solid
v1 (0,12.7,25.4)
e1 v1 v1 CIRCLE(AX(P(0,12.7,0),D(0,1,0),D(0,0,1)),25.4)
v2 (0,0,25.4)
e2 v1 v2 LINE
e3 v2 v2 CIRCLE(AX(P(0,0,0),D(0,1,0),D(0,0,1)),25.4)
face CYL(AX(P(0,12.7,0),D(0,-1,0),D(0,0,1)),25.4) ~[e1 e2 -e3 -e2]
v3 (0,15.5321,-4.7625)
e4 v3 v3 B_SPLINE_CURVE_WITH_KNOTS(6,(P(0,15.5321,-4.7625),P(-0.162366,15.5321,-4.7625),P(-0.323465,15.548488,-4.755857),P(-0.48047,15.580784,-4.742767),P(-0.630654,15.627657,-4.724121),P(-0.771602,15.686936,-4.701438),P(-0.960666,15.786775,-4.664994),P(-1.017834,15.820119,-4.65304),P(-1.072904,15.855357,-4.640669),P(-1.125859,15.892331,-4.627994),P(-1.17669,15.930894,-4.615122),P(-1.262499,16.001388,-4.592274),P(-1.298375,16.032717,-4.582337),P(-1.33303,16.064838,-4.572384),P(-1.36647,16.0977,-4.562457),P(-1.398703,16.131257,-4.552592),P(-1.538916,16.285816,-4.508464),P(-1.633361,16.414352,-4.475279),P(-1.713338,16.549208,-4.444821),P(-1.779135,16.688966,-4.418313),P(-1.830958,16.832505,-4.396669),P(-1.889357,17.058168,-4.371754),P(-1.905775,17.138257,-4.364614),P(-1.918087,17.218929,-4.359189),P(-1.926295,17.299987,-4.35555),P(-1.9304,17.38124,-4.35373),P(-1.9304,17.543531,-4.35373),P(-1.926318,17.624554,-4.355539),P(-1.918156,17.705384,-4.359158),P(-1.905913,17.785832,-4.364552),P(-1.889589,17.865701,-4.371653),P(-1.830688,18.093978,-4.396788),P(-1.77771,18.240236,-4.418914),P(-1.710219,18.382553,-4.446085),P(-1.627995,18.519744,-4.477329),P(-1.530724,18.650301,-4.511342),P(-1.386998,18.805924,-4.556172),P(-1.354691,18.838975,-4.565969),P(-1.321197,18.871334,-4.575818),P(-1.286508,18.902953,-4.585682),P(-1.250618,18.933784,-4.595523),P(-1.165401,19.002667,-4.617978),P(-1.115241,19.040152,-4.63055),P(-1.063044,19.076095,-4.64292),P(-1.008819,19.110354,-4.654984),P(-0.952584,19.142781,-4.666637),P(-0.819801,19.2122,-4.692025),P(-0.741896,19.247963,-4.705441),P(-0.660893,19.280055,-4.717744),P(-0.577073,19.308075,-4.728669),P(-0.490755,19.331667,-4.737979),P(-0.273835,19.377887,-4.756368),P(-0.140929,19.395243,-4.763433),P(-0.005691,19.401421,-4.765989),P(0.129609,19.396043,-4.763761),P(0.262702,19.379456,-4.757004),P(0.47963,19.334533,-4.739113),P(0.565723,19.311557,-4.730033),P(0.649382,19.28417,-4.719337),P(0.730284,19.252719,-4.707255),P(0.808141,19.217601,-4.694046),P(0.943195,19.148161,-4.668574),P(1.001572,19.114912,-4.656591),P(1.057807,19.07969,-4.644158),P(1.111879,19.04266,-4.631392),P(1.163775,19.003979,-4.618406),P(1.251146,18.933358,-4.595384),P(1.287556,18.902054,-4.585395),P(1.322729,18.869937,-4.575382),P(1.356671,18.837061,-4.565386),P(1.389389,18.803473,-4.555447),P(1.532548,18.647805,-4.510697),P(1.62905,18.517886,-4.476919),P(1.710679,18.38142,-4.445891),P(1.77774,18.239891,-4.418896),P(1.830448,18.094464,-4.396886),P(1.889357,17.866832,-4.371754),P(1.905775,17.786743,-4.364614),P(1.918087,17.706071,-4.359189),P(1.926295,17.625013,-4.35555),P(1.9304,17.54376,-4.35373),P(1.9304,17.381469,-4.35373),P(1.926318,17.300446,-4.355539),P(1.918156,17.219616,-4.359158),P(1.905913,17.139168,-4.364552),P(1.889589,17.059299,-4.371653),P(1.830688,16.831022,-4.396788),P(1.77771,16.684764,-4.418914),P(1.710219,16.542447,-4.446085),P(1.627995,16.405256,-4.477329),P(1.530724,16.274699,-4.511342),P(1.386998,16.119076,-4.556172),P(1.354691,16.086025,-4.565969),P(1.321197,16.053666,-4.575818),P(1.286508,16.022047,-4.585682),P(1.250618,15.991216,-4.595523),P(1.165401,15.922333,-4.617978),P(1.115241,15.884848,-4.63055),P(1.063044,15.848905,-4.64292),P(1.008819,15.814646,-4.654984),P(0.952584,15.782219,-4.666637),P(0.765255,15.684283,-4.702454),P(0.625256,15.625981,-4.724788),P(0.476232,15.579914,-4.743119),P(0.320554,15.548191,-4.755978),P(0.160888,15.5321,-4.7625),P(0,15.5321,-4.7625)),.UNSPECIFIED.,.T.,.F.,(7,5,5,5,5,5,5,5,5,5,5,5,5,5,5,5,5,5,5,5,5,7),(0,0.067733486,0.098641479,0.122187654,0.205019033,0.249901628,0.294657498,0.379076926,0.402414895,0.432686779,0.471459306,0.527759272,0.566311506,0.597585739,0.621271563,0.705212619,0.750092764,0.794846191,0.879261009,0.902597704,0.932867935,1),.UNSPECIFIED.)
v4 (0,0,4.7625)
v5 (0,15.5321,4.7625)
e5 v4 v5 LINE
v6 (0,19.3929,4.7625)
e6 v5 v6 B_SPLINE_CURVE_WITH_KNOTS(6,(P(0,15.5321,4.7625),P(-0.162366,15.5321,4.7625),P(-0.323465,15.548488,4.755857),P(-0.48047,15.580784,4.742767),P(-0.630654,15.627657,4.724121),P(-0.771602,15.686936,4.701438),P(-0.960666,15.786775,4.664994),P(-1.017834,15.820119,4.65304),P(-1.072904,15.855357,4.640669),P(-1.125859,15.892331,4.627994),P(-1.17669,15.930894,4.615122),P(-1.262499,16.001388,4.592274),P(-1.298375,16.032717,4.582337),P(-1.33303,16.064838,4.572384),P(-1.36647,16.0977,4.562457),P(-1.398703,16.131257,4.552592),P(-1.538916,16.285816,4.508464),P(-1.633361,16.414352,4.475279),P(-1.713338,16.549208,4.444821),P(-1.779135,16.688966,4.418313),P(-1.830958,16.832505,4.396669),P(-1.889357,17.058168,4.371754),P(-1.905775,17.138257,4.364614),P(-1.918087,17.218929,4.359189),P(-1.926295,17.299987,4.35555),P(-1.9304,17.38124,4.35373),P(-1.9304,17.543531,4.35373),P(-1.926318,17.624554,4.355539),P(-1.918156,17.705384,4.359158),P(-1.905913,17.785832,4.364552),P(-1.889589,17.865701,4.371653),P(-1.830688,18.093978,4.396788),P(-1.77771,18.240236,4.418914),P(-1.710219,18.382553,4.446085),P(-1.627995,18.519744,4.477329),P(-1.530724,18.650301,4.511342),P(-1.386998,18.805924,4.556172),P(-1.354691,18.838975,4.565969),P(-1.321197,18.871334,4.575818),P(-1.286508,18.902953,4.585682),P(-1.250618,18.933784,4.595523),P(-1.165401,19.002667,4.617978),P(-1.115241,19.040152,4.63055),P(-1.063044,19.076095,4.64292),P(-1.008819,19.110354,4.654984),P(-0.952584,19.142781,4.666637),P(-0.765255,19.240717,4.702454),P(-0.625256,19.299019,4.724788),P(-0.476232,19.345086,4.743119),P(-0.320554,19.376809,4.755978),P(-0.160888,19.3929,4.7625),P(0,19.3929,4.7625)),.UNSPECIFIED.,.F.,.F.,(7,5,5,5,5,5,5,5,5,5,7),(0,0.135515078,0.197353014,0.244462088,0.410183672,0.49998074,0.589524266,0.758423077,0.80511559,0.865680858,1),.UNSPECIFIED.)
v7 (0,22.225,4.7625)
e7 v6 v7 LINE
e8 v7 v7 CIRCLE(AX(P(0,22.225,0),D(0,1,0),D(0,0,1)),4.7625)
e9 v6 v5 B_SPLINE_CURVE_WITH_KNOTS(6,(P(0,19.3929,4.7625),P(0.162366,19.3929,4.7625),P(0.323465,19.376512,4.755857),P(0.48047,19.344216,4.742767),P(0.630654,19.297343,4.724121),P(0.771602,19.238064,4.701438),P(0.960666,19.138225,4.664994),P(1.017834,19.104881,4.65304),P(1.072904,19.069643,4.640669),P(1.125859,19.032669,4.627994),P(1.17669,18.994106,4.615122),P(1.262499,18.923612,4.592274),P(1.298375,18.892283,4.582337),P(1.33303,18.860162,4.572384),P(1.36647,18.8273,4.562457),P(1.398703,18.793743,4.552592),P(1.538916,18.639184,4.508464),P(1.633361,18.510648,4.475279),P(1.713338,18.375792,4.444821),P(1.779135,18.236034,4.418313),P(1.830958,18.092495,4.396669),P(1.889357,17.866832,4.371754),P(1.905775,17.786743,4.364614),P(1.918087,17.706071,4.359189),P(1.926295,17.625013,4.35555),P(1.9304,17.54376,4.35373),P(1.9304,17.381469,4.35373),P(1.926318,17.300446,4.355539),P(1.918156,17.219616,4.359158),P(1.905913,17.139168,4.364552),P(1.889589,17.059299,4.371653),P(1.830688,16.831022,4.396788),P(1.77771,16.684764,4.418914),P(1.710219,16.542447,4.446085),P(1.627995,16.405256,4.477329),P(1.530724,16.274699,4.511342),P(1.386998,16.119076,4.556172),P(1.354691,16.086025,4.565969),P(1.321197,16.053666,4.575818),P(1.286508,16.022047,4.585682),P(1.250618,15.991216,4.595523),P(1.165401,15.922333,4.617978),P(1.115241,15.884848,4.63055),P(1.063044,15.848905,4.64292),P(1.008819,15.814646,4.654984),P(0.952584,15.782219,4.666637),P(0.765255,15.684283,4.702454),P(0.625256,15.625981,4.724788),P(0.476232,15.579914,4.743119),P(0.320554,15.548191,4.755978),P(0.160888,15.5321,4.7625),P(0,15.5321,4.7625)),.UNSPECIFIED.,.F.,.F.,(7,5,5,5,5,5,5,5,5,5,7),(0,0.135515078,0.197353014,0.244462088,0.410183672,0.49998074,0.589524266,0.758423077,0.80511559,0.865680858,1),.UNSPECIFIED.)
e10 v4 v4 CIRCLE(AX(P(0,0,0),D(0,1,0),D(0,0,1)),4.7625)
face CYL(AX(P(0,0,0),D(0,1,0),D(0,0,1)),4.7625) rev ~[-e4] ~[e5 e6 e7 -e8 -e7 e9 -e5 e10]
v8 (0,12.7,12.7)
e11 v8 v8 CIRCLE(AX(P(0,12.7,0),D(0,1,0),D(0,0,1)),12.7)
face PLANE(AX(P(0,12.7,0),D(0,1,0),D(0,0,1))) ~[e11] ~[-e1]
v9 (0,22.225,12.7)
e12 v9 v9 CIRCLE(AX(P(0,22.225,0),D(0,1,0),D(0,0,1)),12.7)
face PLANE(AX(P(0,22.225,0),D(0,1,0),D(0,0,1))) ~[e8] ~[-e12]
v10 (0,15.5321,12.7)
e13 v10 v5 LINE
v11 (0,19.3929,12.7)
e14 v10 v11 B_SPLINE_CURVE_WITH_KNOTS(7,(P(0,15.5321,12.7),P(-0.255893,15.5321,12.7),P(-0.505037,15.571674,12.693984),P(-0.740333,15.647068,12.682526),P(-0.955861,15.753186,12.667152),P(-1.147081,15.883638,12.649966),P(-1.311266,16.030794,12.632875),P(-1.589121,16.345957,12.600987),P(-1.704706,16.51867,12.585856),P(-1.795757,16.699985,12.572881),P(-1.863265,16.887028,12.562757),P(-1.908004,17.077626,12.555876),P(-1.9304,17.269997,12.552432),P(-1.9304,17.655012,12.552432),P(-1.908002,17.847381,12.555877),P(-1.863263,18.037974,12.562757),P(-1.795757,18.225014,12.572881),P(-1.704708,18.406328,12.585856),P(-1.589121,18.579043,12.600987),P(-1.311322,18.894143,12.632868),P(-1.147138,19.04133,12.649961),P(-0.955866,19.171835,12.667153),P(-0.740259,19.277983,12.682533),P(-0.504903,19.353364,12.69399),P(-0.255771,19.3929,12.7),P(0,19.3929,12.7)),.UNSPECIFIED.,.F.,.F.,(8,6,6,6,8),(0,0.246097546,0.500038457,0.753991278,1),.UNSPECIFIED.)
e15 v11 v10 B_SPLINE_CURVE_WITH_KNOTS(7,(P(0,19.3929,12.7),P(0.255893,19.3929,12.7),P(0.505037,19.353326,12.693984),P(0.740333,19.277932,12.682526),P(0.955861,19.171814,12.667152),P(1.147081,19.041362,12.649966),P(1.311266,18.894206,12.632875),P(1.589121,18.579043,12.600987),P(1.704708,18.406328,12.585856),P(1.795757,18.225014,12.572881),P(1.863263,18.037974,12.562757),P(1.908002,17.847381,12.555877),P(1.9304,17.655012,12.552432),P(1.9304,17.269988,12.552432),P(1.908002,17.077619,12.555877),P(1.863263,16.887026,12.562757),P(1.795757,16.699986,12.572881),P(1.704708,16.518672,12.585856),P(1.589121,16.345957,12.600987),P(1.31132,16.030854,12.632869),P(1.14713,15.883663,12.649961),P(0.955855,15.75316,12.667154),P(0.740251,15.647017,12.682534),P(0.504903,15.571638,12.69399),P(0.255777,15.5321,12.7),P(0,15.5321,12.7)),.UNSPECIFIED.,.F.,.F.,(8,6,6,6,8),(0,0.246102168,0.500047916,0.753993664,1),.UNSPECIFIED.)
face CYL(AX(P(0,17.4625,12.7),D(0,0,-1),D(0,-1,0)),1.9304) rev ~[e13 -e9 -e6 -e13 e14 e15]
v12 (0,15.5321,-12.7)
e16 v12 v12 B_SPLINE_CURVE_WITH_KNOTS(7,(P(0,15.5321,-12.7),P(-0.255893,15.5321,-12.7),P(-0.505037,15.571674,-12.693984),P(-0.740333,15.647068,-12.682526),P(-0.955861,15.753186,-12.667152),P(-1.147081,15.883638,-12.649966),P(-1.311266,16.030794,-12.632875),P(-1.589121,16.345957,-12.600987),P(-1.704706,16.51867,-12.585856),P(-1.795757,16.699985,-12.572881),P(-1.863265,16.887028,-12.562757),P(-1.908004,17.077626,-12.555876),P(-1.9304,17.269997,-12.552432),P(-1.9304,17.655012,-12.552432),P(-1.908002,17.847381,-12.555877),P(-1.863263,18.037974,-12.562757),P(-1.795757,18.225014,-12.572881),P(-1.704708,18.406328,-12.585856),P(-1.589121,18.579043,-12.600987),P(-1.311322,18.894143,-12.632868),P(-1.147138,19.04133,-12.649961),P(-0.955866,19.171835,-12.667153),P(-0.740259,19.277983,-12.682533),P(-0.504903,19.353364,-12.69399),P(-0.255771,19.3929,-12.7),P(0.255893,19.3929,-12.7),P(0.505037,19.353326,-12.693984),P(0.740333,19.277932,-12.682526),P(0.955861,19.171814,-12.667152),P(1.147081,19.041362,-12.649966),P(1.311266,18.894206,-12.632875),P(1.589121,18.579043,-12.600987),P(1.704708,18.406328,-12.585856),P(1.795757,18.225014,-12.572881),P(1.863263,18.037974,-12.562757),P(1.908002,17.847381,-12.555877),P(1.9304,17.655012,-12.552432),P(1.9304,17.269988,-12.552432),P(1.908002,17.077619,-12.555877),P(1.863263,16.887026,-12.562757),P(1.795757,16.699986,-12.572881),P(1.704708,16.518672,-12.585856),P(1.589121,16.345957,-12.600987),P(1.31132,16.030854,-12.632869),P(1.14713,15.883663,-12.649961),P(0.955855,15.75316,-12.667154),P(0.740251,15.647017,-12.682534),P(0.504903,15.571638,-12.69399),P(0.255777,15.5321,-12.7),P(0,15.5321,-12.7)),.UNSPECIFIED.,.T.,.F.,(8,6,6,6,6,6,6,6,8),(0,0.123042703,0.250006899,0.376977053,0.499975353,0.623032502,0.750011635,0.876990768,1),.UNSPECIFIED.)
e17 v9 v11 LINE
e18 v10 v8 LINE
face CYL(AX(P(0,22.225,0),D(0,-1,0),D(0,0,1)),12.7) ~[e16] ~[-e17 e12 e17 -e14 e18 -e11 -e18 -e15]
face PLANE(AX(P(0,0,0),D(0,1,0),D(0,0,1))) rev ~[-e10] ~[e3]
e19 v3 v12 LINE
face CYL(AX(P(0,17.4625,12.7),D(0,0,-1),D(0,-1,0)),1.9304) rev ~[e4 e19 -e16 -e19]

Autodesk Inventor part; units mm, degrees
ref_plane "YZ Plane" through (0, 0, 0) normal (1, 0, 0) x (0, 1, 0)
ref_plane "XZ Plane" through (0, 0, 0) normal (0, 1, 0) x (-1, 0, 0)
ref_plane "XY Plane" through (0, 0, 0) normal (0, 0, 1) x (1, 0, 0)
sketch "Sketch1" plane through (0, 0, 0) normal (1, 0, 0) x (0, 1, 0)
  line L0 (22.225, 4.7625) -> (22.225, 12.7)
  line L1 (22.225, 12.7) -> (12.7, 12.7)
  line L2 (12.7, 12.7) -> (12.7, 25.4)
  line L3 (12.7, 25.4) -> (0, 25.4)
  line L4 (0, 25.4) -> (0, 4.7625)
  line L5 (0, 4.7625) -> (22.225, 4.7625)
  line L6 (-4.445, 0) -> (26.67, 0) projected
  line L7 (0, -5.08) -> (0, 30.48) construction
  point P0 (0, 0)
  dimension "d0" = 25.4
  dimension "d1" = 9.525
  dimension "d2" = 22.225
  dimension "d4" = 12.7
  dimension "d5" = 50.8
revolve "Revolution1" add sketch "Sketch1" angle 360 about axis through (0, -10, 0) along (0, 1, 0)
sketch "Sketch2" plane through (0, 22.225, 0) normal (0, 1, 0) x (1, 0, 0)
  circle A0 centre (0, 0) radius 12.7 projected
  point P0 (0, -12.7)
ref_plane "Work Plane1" through (0, 22.225, 12.7) normal (0, 0, 1) x (1, 0, 0)
sketch "Sketch3" plane through (0, 22.225, 12.7) normal (0, 0, 1) x (1, 0, 0)
  line L0 (12.7, 0) -> (-12.7, 0) projected
  point P0 (0, -22.225)
  point P1 (0, -4.7625)
  dimension "d7" = 4.7625
hole "Hole1" at (0, 17.4625, 12.7) direction (0, 0, -1) diameter 3.8608 end through all
properties part number "Clamp Knob" material "Iron, Cast"
